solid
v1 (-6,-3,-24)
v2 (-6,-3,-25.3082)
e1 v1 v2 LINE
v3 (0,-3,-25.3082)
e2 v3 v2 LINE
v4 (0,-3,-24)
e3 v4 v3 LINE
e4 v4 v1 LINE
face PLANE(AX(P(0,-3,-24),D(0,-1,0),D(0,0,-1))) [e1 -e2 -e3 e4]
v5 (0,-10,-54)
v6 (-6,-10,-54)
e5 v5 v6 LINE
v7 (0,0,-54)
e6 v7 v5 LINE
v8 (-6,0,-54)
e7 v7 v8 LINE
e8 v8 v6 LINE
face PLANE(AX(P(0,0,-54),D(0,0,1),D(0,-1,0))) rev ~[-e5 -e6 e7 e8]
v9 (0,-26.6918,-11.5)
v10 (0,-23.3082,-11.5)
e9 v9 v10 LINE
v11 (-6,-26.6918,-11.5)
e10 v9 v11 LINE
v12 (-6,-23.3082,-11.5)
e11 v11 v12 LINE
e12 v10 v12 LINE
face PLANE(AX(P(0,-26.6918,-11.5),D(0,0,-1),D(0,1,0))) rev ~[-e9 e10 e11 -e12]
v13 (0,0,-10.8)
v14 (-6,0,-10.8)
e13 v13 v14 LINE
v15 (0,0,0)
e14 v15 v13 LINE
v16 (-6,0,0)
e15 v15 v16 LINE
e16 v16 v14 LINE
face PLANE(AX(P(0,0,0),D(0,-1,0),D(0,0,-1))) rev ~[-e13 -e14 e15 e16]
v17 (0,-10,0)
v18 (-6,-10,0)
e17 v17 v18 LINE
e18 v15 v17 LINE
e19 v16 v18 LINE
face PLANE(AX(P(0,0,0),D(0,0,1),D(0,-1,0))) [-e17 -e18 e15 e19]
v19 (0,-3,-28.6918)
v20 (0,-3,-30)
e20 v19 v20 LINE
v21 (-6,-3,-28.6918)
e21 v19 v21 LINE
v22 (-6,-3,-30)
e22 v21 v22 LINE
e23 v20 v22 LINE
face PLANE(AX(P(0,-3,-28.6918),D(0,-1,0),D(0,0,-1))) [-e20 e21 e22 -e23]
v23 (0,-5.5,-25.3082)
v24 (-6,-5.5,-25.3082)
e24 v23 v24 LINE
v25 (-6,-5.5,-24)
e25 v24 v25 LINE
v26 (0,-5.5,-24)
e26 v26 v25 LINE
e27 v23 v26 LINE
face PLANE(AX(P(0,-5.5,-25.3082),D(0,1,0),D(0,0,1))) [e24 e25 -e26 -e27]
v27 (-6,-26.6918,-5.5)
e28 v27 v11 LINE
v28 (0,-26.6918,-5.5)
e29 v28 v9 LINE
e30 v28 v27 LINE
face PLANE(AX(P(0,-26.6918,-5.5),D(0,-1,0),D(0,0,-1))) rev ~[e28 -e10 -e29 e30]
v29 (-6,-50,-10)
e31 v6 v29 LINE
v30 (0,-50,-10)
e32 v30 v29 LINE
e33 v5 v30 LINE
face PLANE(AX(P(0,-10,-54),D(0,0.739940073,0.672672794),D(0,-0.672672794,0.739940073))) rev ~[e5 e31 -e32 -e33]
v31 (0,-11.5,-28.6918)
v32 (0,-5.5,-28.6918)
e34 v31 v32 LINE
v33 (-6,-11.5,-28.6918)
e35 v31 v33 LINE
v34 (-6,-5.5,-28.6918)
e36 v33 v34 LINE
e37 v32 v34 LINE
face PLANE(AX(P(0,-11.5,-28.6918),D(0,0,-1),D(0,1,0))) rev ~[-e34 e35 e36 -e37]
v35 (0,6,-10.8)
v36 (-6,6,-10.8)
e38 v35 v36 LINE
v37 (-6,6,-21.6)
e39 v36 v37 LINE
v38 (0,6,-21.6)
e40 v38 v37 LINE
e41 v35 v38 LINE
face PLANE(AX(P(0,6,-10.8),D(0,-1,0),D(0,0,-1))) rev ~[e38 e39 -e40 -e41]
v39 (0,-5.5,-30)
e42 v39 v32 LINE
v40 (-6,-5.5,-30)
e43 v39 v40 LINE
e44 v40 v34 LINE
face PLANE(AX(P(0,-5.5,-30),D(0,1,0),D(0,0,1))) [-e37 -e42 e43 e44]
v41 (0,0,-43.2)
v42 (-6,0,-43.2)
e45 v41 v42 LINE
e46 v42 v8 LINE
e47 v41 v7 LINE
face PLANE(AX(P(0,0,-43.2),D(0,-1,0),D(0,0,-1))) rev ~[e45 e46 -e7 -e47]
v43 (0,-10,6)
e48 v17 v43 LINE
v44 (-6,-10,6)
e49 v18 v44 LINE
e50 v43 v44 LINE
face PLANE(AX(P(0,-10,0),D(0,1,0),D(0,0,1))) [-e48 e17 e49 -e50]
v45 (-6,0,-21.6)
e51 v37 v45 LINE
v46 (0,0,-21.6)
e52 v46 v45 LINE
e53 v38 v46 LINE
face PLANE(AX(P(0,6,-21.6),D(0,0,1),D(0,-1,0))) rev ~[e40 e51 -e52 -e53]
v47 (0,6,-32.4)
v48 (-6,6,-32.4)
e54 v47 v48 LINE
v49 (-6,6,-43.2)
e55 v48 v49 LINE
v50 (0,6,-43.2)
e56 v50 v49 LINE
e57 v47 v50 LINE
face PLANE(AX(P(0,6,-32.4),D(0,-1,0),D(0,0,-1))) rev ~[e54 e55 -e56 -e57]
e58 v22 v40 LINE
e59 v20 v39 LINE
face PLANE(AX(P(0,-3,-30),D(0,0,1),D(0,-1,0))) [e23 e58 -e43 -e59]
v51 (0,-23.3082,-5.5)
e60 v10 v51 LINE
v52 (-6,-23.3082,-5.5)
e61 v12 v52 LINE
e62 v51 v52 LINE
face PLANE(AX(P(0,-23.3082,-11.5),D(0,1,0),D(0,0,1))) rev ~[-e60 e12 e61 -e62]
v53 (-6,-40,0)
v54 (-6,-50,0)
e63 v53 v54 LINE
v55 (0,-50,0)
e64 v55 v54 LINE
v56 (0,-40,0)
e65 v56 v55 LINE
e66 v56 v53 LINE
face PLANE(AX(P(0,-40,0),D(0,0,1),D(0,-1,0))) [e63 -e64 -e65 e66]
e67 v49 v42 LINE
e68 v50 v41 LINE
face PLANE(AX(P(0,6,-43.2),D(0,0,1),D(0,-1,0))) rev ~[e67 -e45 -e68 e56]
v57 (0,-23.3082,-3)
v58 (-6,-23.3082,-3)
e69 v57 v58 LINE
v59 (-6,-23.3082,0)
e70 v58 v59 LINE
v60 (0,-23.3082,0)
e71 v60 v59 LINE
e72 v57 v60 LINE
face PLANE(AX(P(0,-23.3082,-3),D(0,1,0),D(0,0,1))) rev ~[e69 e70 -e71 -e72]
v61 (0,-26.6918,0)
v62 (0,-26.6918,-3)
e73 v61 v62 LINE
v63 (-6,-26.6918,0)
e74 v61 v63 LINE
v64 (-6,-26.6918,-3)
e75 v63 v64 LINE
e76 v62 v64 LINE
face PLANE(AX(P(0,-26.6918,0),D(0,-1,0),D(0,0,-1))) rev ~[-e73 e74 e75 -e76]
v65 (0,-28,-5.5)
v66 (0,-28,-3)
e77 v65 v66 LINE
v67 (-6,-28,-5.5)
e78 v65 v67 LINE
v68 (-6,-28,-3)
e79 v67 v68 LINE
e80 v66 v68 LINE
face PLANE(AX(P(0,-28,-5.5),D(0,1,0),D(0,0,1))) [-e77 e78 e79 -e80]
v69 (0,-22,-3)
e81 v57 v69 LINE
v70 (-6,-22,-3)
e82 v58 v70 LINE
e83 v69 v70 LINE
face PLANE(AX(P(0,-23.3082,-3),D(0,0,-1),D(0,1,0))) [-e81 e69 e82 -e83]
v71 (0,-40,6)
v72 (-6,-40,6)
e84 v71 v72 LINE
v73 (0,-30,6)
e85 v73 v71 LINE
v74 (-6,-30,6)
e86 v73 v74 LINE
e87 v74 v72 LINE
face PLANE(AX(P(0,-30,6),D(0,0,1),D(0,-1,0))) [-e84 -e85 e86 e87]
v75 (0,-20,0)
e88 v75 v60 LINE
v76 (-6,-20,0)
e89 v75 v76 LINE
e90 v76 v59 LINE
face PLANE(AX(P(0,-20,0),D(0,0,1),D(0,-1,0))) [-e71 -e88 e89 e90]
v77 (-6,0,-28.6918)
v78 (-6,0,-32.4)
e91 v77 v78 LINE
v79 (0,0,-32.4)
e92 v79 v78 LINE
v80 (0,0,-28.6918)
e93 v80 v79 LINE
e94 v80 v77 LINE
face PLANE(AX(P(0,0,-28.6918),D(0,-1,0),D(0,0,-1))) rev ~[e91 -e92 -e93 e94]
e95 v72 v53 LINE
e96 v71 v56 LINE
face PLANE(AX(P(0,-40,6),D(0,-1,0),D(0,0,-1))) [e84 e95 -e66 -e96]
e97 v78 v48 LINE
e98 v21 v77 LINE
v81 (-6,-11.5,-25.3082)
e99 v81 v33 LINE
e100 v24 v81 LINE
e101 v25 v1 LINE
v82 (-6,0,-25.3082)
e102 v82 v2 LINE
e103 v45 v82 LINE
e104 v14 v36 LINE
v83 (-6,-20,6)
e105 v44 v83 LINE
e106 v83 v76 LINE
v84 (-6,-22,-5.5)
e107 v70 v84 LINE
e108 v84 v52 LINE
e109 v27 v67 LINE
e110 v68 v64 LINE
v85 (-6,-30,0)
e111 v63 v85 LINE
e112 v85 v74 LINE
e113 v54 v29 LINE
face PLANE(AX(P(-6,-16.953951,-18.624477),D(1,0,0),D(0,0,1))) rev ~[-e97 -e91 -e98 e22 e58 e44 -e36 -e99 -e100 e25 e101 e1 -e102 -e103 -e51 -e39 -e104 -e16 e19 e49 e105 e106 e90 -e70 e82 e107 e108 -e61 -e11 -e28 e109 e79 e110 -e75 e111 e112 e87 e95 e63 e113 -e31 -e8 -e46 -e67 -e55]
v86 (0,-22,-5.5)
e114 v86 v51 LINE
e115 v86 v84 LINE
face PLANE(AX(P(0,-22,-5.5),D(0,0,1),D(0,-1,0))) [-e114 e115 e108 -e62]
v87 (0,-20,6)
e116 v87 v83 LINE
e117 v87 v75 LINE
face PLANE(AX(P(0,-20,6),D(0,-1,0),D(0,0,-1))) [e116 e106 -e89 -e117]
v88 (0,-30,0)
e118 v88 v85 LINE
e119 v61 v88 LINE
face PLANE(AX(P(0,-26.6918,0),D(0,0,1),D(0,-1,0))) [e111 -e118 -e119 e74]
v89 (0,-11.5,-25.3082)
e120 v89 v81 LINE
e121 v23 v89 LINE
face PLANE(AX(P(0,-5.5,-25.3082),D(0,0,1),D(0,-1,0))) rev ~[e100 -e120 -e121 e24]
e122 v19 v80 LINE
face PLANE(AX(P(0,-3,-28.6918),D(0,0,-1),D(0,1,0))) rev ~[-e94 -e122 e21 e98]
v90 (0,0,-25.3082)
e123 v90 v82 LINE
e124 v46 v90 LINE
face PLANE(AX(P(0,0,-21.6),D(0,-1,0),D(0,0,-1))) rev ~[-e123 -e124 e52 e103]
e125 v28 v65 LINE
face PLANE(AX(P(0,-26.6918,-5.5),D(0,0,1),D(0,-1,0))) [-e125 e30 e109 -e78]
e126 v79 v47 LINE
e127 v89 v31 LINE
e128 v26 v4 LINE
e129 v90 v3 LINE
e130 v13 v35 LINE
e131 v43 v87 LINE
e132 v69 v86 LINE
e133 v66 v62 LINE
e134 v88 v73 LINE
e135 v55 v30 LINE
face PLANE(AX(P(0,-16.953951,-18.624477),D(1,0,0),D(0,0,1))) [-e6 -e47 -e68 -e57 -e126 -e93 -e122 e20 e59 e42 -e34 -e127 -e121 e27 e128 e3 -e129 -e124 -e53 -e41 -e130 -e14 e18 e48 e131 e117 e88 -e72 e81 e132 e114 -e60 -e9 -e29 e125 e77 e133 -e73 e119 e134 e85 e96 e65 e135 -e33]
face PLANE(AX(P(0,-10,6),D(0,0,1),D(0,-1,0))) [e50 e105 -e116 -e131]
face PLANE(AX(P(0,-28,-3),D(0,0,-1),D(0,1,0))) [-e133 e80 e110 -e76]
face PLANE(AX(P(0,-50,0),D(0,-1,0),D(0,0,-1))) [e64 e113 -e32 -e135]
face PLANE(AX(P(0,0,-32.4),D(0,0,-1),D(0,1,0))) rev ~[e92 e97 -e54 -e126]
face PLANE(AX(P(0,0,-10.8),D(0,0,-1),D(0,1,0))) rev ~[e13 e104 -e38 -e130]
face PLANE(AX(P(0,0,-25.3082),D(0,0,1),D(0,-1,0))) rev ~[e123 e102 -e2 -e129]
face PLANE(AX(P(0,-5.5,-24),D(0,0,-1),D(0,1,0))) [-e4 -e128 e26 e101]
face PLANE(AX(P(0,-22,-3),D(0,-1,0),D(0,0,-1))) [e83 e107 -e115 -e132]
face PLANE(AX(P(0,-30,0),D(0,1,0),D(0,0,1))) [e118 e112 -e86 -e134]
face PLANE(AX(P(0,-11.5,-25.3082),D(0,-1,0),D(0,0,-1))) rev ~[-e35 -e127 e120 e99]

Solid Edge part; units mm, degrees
sketch "Sketch1" plane through (0, 0, 0) normal (1, 0, 0) x (0, 1, 0)
  line L0 (0, 0) -> (-10, 0)
  line L1 (-10, 0) -> (-10, 6)
  line L2 (-10, 6) -> (-20, 6)
  line L3 (-20, 6) -> (-20, 0)
  line L4 (-20, 0) -> (-23.3082, 0)
  line L5 (-23.3082, -3) -> (-23.3082, 0)
  line L6 (-23.3082, -3) -> (-22, -3)
  line L7 (-22, -3) -> (-22, -5.5)
  line L8 (-22, -5.5) -> (-23.3082, -5.5)
  line L9 (-23.3082, -11.5) -> (-23.3082, -5.5)
  line L10 (-26.6918, -11.5) -> (-23.3082, -11.5)
  line L11 (-26.6918, -5.5) -> (-26.6918, -11.5)
  line L12 (-26.6918, -5.5) -> (-28, -5.5)
  line L13 (-28, -5.5) -> (-28, -3)
  line L14 (-28, -3) -> (-26.6918, -3)
  line L15 (-26.6918, 0) -> (-26.6918, -3)
  line L16 (-26.6918, 0) -> (-30, 0)
  line L17 (-30, 0) -> (-30, 6)
  line L18 (-30, 6) -> (-40, 6)
  line L19 (-40, 6) -> (-40, 0)
  line L20 (-40, 0) -> (-50, 0)
  line L21 (-50, 0) -> (-50, -10)
  line L22 (-10, -54) -> (-50, -10)
  line L23 (0, -54) -> (-10, -54)
  line L24 (0, -43.2) -> (0, -54)
  line L25 (6, -43.2) -> (0, -43.2)
  line L26 (6, -32.4) -> (6, -43.2)
  line L27 (0, -32.4) -> (6, -32.4)
  line L28 (0, -28.6918) -> (0, -32.4)
  line L29 (-3, -28.6918) -> (0, -28.6918)
  line L30 (-3, -28.6918) -> (-3, -30)
  line L31 (-3, -30) -> (-5.5, -30)
  line L32 (-5.5, -30) -> (-5.5, -28.6918)
  line L33 (-11.5, -28.6918) -> (-5.5, -28.6918)
  line L34 (-11.5, -25.3082) -> (-11.5, -28.6918)
  line L35 (-5.5, -25.3082) -> (-11.5, -25.3082)
  line L36 (-5.5, -25.3082) -> (-5.5, -24)
  line L37 (-5.5, -24) -> (-3, -24)
  line L38 (-3, -24) -> (-3, -25.3082)
  line L39 (0, -25.3082) -> (-3, -25.3082)
  line L40 (0, -21.6) -> (0, -25.3082)
  line L41 (6, -21.6) -> (0, -21.6)
  line L42 (6, -10.8) -> (6, -21.6)
  line L43 (0, -10.8) -> (6, -10.8)
  line L44 (0, 0) -> (0, -10.8)
extrude "Protrusion1" add sketch "Sketch1" against normal blind 6
